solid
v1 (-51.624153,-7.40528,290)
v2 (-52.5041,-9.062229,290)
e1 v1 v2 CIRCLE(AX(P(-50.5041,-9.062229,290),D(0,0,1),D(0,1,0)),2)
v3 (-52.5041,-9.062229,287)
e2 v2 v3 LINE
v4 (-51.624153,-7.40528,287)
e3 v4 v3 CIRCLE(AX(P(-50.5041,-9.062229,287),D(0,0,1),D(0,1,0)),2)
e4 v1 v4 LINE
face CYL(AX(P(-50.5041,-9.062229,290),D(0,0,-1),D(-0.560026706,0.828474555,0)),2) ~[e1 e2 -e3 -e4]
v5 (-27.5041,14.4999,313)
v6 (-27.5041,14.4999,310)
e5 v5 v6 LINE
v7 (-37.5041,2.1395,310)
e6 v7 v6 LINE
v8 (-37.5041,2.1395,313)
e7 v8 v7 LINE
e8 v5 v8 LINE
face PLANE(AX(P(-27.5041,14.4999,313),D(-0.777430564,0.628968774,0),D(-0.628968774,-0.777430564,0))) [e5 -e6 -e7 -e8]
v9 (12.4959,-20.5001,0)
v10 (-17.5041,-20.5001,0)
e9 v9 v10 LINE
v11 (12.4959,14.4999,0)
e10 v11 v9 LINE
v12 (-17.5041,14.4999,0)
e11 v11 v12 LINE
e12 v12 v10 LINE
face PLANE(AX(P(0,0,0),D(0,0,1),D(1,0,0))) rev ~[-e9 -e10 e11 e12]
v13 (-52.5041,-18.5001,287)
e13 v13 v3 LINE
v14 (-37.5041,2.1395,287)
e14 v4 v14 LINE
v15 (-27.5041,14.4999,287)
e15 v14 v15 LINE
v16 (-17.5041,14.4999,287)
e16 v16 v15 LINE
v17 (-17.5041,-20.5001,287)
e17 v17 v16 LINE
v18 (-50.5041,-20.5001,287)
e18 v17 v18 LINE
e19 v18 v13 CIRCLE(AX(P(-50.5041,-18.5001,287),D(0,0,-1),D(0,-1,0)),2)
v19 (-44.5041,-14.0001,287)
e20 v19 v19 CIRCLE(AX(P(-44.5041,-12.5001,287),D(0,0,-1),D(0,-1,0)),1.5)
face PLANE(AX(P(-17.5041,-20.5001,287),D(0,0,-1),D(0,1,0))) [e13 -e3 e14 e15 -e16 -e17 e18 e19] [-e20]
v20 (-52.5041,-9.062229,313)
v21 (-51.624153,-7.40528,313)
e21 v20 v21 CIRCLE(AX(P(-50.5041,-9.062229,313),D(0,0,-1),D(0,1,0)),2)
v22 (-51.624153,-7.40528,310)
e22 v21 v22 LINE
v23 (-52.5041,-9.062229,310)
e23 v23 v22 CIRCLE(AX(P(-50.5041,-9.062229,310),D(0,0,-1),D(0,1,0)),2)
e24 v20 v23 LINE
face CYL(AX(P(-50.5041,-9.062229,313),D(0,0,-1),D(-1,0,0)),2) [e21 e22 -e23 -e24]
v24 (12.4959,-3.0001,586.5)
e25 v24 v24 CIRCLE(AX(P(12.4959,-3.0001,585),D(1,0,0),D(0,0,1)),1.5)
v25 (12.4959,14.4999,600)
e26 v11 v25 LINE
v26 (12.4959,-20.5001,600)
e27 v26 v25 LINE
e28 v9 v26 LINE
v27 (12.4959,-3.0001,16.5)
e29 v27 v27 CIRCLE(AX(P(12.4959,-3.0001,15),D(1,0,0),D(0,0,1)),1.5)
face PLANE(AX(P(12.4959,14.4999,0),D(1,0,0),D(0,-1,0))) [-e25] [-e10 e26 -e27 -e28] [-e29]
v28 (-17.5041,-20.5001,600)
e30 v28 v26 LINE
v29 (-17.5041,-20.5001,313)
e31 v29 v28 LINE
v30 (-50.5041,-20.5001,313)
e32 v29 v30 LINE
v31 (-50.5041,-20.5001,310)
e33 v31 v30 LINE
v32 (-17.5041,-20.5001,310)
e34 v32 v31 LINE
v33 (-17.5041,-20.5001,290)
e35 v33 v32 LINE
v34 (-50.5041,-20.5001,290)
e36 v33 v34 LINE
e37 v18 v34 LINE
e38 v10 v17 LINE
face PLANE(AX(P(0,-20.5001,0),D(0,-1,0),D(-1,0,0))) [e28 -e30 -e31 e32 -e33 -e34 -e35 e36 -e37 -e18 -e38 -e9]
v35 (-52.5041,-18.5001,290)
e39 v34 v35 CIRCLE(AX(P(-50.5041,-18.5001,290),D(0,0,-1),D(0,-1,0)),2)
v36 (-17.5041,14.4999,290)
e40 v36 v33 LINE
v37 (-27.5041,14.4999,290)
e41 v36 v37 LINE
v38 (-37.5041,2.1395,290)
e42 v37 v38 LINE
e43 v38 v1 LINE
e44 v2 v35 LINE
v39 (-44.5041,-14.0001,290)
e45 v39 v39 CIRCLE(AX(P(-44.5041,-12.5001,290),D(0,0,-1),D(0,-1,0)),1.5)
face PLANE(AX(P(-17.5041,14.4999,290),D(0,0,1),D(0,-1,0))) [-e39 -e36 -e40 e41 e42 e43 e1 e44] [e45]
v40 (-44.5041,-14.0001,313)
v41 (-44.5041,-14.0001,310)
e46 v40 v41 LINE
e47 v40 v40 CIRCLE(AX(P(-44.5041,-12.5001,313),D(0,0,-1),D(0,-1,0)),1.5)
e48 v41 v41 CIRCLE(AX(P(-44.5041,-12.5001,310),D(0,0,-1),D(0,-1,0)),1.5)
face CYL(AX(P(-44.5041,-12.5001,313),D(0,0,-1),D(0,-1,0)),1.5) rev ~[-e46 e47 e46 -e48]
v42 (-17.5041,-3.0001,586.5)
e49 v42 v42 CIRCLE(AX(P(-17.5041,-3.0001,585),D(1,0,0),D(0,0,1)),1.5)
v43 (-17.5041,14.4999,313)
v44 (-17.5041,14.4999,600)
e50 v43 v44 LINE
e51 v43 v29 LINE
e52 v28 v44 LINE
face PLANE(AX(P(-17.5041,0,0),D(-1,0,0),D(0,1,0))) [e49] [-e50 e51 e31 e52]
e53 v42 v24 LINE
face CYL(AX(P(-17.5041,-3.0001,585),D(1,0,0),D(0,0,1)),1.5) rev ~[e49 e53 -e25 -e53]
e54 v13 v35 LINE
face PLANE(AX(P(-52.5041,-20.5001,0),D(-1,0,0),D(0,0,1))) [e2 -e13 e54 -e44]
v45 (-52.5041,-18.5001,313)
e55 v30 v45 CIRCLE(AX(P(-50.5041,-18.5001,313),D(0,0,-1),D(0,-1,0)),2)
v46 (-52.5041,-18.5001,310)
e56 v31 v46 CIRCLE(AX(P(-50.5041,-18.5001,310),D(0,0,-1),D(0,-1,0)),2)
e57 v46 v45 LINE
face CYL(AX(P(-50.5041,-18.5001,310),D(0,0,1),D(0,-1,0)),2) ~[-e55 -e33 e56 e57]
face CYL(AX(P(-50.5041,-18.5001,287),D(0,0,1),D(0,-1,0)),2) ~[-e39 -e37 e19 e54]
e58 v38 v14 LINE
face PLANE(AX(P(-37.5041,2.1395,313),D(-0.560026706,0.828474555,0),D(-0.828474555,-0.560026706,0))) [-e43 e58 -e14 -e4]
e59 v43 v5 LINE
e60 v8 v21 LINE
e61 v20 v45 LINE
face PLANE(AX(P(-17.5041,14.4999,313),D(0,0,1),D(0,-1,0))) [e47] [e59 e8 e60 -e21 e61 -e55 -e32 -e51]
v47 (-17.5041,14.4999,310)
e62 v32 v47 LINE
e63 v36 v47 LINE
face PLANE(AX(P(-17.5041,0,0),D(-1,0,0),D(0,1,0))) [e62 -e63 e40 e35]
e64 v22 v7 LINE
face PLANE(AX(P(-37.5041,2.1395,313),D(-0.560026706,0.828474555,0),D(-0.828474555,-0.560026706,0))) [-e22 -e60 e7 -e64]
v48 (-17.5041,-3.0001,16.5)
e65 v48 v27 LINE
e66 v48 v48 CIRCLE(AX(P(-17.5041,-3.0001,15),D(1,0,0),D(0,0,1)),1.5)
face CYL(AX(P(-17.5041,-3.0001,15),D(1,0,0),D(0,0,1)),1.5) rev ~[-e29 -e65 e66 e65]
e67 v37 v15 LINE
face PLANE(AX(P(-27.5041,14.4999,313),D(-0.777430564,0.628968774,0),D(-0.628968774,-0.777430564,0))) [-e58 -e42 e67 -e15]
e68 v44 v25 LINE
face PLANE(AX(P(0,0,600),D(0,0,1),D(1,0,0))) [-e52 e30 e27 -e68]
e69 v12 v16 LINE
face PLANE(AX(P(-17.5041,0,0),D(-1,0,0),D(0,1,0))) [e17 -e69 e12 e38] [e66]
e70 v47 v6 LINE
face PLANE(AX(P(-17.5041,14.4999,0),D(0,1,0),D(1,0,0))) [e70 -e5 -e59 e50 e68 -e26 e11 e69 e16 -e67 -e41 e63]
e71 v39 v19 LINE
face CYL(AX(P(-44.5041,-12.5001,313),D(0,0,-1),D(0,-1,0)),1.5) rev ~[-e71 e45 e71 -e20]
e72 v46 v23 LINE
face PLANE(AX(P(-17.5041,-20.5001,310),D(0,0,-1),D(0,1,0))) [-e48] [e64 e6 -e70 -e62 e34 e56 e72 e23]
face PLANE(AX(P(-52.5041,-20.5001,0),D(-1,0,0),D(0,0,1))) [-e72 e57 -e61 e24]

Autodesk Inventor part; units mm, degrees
ref_plane "YZ Plane" through (0, 0, 0) normal (1, 0, 0) x (0, 1, 0)
ref_plane "XZ Plane" through (0, 0, 0) normal (0, 1, 0) x (-1, 0, 0)
ref_plane "XY Plane" through (0, 0, 0) normal (0, 0, 1) x (1, 0, 0)
sketch "Skizze1" plane through (0, 0, 0) normal (0, 0, 1) x (1, 0, 0)
  line L0 (-65.5041, 0) -> (25.4959, 0) projected
  line L1 (0, -27.5001) -> (0, 21.4999) projected
  line L2 (-17.5041, 14.4999) -> (12.4959, 14.4999)
  line L3 (12.4959, 14.4999) -> (12.4959, -20.5001)
  line L4 (12.4959, -20.5001) -> (-17.5041, -20.5001)
  line L5 (-17.5041, -20.5001) -> (-17.5041, 14.4999)
  point P0 (0, 0)
  dimension "d0" = 30
  dimension "d1" = 35
extrude "Extrusion1" add sketch "Skizze1" along normal blind 600
sketch "Skizze2" plane through (-17.5041, -20.5001, 0) normal (-1, 0, 0) x (0, 0, 1)
  line L0 (0, 0) -> (600, 0) projected
  line L1 (287, 35) -> (290, 35)
  line L2 (290, 35) -> (290, 0)
  line L3 (290, 0) -> (287, 0)
  line L4 (287, 0) -> (287, 35)
  line L5 (0, 35) -> (600, 35) projected
  line L6 (310, 35) -> (313, 35)
  line L7 (313, 35) -> (313, 0)
  line L8 (313, 0) -> (310, 0)
  line L9 (310, 0) -> (310, 35)
  line L10 (600, 35) -> (600, 0) projected
  point P0 (0, 20.5001)
  point P1 (310, 0)
  point P2 (313, 0)
  point P3 (287, 0)
  dimension "d4" = 287
  dimension "d5" = 3
  dimension "d6" = 20
  dimension "d7" = 3
  dimension "d10" = 35
extrude "Extrusion2" add sketch "Skizze2" along normal blind 35 contours L4 L1 L2 L0 | L9 L5 L7 L0
sketch "Skizze3" plane through (-17.5041, -20.5001, 313) normal (0, 0, 1) x (1, 0, 0)
  line L0 (0, 35) -> (-35, 35) projected
  line L1 (-10, 35) -> (-20, 22.6396)
  line L2 (-20, 22.6396) -> (-35, 12.5)
  line L3 (-35, 12.5) -> (-35, 35)
  line L4 (-35, 35) -> (-10, 35)
  point P0 (17.5041, 20.5001)
  dimension "d11" = 25
  dimension "d12" = 15
  dimension "d13" = 22.5
extrude "Extrusion3" cut sketch "Skizze3" against normal blind 50
fillet "Rundung1" radius 2 4 edges at (-52.5041, -8.0001, 288.5) (-52.5041, -8.0001, 311.5) (-52.5041, -20.5001, 288.5) (-52.5041, -20.5001, 311.5)
sketch "Skizze4" plane through (-17.5041, -20.5001, 313) normal (0, 0, 1) x (1, 0, 0)
  line L0 (-35, 2) -> (-35, 11.4379) projected
  line L1 (0, 0) -> (-33, 0) projected
  point P0 (17.5041, 20.5001)
  point P1 (-27, 8)
  dimension "d17" = 8
  dimension "d18" = 8
hole "Bohrung1" at (-44.5041, -12.5001, 313) direction (0, 0, -1) diameter 3 end through all
sketch "Skizze5" plane through (-17.5041, -20.5001, 600) normal (-1, 0, 0) x (0, 0, 1)
  line L0 (0, 35) -> (0, 0) projected
  line L1 (-600, 35) -> (-600, 0) projected
  line L2 (-600, 35) -> (-313, 35) projected
  line L3 (-287, 35) -> (0, 35) projected
  point P0 (-600, 20.5001)
  point P1 (-585, 17.5)
  point P2 (-15, 17.5)
  dimension "d26" = 15
  dimension "d27" = 15
  dimension "d28" = 17.5
  dimension "d29" = 17.5
hole "Bohrung2" at (-17.5041, -3.0001, 15) at (-17.5041, -3.0001, 585) direction (1, 0, 0) diameter 3 depth 30 tip angle 118
properties part number "träger hinten mit motorhalterung" material "Stahl"
